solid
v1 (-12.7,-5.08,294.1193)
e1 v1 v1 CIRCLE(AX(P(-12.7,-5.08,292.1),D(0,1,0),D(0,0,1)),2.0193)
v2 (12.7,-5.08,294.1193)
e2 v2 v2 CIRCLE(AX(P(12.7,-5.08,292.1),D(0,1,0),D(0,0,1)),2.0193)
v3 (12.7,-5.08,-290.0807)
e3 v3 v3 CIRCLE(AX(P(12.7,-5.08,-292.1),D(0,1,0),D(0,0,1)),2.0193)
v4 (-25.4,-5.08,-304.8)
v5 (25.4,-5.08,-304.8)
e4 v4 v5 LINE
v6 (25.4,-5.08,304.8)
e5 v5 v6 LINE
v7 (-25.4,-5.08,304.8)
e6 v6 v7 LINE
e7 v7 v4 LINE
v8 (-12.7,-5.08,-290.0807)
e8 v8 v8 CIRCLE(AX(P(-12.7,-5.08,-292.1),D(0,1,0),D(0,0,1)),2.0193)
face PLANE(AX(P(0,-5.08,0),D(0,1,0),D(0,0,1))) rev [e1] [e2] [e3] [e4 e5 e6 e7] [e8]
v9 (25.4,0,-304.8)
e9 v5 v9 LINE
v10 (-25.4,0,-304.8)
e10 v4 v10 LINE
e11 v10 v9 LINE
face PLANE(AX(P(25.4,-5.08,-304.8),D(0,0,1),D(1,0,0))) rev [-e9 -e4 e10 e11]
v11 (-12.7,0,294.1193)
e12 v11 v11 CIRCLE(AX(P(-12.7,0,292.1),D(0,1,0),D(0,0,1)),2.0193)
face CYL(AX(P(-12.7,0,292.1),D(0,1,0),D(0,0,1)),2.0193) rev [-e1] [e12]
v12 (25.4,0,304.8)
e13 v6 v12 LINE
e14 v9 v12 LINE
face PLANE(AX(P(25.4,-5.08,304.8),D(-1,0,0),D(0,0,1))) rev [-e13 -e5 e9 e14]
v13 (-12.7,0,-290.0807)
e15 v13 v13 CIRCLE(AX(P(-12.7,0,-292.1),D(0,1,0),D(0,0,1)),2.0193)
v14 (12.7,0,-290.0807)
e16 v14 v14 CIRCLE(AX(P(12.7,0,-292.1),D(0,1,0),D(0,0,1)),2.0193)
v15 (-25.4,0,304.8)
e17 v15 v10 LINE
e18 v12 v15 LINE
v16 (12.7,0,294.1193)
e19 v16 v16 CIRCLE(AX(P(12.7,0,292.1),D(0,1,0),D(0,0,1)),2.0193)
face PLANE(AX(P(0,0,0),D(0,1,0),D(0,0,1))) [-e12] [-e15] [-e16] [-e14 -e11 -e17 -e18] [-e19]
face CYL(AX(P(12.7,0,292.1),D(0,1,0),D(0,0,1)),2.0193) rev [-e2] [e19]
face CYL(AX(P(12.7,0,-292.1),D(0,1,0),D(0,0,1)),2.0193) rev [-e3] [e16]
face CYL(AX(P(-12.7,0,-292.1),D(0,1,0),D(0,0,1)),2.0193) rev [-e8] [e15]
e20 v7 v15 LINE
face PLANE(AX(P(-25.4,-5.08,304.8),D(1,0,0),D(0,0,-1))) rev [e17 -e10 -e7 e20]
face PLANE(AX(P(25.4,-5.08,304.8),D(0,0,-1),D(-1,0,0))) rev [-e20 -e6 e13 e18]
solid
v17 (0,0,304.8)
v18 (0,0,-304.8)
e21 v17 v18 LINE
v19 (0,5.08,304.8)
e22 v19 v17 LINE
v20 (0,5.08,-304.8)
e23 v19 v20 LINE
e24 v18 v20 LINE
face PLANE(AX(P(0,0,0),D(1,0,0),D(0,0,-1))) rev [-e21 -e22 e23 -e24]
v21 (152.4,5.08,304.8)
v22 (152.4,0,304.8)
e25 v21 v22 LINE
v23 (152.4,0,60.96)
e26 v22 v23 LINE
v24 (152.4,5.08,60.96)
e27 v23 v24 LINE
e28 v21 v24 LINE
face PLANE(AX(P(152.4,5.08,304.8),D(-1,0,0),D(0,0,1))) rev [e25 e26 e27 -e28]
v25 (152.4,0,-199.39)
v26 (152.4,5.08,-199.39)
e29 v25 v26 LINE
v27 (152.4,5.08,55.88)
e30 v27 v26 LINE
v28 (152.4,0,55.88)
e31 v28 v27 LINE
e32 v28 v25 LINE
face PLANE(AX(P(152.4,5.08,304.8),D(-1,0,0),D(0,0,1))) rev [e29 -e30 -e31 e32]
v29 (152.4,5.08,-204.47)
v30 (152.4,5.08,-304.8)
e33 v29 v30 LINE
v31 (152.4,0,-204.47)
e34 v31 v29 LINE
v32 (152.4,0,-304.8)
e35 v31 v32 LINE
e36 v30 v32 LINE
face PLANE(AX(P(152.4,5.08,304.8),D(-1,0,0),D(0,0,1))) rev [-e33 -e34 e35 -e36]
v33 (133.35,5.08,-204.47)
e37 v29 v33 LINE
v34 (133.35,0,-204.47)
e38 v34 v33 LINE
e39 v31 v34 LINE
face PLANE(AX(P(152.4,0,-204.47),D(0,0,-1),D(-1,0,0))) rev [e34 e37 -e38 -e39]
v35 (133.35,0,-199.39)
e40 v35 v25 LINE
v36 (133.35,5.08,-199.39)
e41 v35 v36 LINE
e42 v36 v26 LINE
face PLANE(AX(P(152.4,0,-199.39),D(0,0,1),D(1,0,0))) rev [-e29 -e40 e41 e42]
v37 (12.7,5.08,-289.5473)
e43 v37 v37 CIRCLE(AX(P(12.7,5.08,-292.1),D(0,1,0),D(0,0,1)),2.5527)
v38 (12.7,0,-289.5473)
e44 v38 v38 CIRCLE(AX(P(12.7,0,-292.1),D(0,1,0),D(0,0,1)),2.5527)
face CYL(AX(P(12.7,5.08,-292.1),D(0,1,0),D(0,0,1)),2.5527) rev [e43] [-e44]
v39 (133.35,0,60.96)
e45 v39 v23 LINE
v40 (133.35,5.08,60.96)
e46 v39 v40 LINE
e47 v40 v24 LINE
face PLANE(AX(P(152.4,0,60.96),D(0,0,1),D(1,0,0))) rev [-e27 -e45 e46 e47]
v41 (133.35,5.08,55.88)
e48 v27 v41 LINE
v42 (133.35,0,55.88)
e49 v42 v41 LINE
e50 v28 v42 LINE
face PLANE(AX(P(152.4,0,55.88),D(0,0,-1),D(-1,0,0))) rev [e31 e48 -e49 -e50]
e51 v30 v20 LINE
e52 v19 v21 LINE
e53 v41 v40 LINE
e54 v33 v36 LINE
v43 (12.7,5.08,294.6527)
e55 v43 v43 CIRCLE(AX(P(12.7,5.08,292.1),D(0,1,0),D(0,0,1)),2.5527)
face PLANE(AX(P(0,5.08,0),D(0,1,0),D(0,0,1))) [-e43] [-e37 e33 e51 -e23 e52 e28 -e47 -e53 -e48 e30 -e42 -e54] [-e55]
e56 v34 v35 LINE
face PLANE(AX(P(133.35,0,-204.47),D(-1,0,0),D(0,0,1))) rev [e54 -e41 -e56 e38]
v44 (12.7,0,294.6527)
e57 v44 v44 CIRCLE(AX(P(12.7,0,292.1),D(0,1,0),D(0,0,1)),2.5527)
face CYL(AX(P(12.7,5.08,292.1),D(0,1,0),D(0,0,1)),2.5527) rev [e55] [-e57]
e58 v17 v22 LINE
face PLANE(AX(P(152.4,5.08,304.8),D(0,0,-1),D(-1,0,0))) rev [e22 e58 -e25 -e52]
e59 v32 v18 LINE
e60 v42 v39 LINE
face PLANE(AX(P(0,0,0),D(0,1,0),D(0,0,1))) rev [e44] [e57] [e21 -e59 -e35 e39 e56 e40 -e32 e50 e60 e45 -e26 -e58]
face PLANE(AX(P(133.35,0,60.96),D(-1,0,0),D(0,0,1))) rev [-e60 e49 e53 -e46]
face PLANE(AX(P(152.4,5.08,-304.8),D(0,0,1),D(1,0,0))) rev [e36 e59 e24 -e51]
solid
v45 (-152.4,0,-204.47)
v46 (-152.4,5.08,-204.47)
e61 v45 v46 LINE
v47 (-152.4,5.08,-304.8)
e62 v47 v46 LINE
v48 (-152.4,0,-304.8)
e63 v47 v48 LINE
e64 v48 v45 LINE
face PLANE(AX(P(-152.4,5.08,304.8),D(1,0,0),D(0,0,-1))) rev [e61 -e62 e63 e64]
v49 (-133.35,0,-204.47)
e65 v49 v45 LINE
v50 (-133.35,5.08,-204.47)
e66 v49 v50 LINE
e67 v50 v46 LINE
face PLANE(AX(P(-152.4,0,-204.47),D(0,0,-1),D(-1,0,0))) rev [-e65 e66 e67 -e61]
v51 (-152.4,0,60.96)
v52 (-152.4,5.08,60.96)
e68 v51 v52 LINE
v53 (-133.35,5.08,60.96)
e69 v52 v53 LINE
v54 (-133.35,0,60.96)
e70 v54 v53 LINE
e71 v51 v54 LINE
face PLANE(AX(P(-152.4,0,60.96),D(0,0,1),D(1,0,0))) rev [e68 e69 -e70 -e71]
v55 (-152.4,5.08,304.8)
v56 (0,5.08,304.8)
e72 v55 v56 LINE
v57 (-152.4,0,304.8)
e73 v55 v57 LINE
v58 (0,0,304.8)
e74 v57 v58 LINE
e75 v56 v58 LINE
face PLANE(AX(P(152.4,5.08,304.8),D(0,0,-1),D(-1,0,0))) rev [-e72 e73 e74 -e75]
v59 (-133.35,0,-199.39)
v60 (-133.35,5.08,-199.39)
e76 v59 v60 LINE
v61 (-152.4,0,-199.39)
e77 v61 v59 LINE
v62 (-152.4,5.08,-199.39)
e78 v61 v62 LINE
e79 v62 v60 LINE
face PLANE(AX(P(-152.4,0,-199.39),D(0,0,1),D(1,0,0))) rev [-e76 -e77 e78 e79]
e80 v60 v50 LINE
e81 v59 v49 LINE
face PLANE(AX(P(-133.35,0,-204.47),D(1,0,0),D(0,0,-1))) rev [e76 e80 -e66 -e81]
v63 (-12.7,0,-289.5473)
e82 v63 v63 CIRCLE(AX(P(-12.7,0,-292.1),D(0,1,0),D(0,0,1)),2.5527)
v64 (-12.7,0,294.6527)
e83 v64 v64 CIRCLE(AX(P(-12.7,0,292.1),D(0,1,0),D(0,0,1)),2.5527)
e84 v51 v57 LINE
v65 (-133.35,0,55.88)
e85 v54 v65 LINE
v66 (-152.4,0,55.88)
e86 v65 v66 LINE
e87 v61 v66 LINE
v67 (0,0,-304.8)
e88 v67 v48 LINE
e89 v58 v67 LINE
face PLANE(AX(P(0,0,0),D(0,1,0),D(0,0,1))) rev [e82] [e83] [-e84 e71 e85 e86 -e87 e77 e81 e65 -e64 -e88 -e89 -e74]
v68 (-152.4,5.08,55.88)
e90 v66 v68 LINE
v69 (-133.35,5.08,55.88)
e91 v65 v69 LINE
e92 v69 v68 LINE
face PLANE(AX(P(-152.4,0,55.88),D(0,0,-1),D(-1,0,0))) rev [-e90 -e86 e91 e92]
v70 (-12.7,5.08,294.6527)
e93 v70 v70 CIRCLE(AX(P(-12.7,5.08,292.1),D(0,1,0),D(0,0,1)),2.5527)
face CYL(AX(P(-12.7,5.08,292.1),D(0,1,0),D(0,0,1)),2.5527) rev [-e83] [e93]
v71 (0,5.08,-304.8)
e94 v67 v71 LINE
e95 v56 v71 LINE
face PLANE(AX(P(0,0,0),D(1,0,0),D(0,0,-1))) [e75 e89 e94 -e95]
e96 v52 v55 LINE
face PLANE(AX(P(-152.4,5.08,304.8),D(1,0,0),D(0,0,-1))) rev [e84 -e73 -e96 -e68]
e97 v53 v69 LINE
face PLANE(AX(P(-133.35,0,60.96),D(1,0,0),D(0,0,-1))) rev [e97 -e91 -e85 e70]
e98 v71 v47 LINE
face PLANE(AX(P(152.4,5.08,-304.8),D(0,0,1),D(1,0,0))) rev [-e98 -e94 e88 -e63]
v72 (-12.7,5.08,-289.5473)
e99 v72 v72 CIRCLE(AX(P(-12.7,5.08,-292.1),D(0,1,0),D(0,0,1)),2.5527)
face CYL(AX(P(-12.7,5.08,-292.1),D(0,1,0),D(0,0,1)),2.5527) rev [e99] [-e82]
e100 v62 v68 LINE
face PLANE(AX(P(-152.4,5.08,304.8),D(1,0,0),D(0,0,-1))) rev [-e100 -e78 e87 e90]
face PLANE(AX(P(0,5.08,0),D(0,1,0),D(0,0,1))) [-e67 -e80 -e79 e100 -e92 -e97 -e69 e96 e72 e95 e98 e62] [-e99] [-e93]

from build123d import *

# Parameters (mm, degrees)
SKETCH1_W                       = 304.8
SKETCH1_H                       = 609.6
BOSS_EXTRUDE1_DEPTH             = 5.08
SKETCH2_W                       = 19.05
SKETCH2_H                       = 5.08
CUT_EXTRUDE1_DEPTH              = 6.08
SKETCH6_W                       = 2.5527
SKETCH6_H                       = 5.08
F_10_CLEARANCE_HOLE1_AT_2_COUNT = 2
F_10_CLEARANCE_HOLE1_AT_2_PITCH = 584.751913208
F_10_CLEARANCE_HOLE1_AT_3_COUNT = 2
F_10_CLEARANCE_HOLE1_AT_3_PITCH = 25.4
F_10_CLEARANCE_HOLE1_AT_4_COUNT = 2
F_10_CLEARANCE_HOLE1_AT_4_PITCH = 584.2
SKETCH7_W                       = 50.8
SKETCH7_H                       = 609.6
BOSS_EXTRUDE2_DEPTH             = 5.08
SKETCH9_W                       = 2.0193
SKETCH9_H                       = 5.08
F_10_32_TAPPED_HOLE1_AT_2_COUNT = 2
F_10_32_TAPPED_HOLE1_AT_2_PITCH = 25.4
F_10_32_TAPPED_HOLE1_AT_3_COUNT = 2
F_10_32_TAPPED_HOLE1_AT_3_PITCH = 584.2
F_10_32_TAPPED_HOLE1_AT_4_COUNT = 2
F_10_32_TAPPED_HOLE1_AT_4_PITCH = 584.751913208


with BuildPart() as part:
    # Sketch1 → Boss-Extrude1 (new body)
    with BuildSketch(Plane(origin=(0, 0, 0), x_dir=(1, 0, 0), z_dir=(0, 1, 0))):
        Rectangle(SKETCH1_W, SKETCH1_H)
    extrude(amount=BOSS_EXTRUDE1_DEPTH)

    # Sketch2 → Cut-Extrude1 (cut, through all)
    with BuildSketch(Plane(origin=(0, 5.08, 0), x_dir=(1, 0, 0), z_dir=(0, 1, 0))):
        with Locations((142.875, -58.42)):
            Rectangle(SKETCH2_W, SKETCH2_H)
        with Locations((142.875, 201.93)):
            Rectangle(SKETCH2_W, SKETCH2_H)
        with Locations((-142.875, 201.93)):
            Rectangle(SKETCH2_W, SKETCH2_H)
        with Locations((-142.875, -58.42)):
            Rectangle(SKETCH2_W, SKETCH2_H)
    extrude(amount=-CUT_EXTRUDE1_DEPTH, mode=Mode.SUBTRACT)


with BuildPart() as body_2:
    # Split1: the piece on the far side of the plane
    add(part.part)
    split(bisect_by=Plane(origin=(0, 0, 0), x_dir=(0, 0, 1), z_dir=(1, 0, 0)), keep=Keep.BOTTOM)

    # Sketch6 → #10 Clearance Hole1 (revolve, cut)
    with BuildSketch(Plane(origin=(-12.7, 5.08, -292.1), x_dir=(0, 0, 1), z_dir=(1, 0, 0))):
        with Locations((1.27635, 2.54)):
            Rectangle(SKETCH6_W, SKETCH6_H)
    f_10_clearance_hole1 = revolve(axis=Axis((-12.7, 11.43, -292.1), (0, -1, 0)), mode=Mode.SUBTRACT)

    # #10 Clearance Hole1 at 4: #10 Clearance Hole1 ×2
    with Locations(*[(0, 0, i * F_10_CLEARANCE_HOLE1_AT_4_PITCH) for i in range(1, F_10_CLEARANCE_HOLE1_AT_4_COUNT)]):
        add(f_10_clearance_hole1, mode=Mode.SUBTRACT)


with BuildPart() as part_1:
    add(part.part)

    # Split1
    split(bisect_by=Plane(origin=(0, 0, 0), x_dir=(0, 0, 1), z_dir=(1, 0, 0)), keep=Keep.TOP)

    # #10 Clearance Hole1 at 2: #10 Clearance Hole1 ×2
    with Locations(*[Vector(0.043437224, 0, 0.999056158) * (i * F_10_CLEARANCE_HOLE1_AT_2_PITCH) for i in range(1, F_10_CLEARANCE_HOLE1_AT_2_COUNT)]):
        add(f_10_clearance_hole1, mode=Mode.SUBTRACT)

    # #10 Clearance Hole1 at 3: #10 Clearance Hole1 ×2
    with Locations(*[(i * F_10_CLEARANCE_HOLE1_AT_3_PITCH, 0, 0) for i in range(1, F_10_CLEARANCE_HOLE1_AT_3_COUNT)]):
        add(f_10_clearance_hole1, mode=Mode.SUBTRACT)


with BuildPart() as body_3:
    # Sketch7 → Boss-Extrude2 (new body)
    with BuildSketch(Plane.XZ):
        Rectangle(SKETCH7_W, SKETCH7_H)
    extrude(amount=BOSS_EXTRUDE2_DEPTH)

    # Sketch9 → #10-32 Tapped Hole1 (revolve, cut)
    with BuildSketch(Plane(origin=(-12.7, 0, 292.1), x_dir=(0, 0, 1), z_dir=(1, 0, 0))):
        with Locations((1.00965, 2.54)):
            Rectangle(SKETCH9_W, SKETCH9_H)
    f_10_32_tapped_hole1 = revolve(axis=Axis((-12.7, 6.35, 292.1), (0, -1, 0)), mode=Mode.SUBTRACT)

    # #10-32 Tapped Hole1 at 2: #10-32 Tapped Hole1 ×2
    with Locations(*[(i * F_10_32_TAPPED_HOLE1_AT_2_PITCH, 0, 0) for i in range(1, F_10_32_TAPPED_HOLE1_AT_2_COUNT)]):
        add(f_10_32_tapped_hole1, mode=Mode.SUBTRACT)

    # #10-32 Tapped Hole1 at 3: #10-32 Tapped Hole1 ×2
    with Locations(*[(0, 0, -i * F_10_32_TAPPED_HOLE1_AT_3_PITCH) for i in range(1, F_10_32_TAPPED_HOLE1_AT_3_COUNT)]):
        add(f_10_32_tapped_hole1, mode=Mode.SUBTRACT)

    # #10-32 Tapped Hole1 at 4: #10-32 Tapped Hole1 ×2
    with Locations(*[Vector(0.043437224, 0, -0.999056158) * (i * F_10_32_TAPPED_HOLE1_AT_4_PITCH) for i in range(1, F_10_32_TAPPED_HOLE1_AT_4_COUNT)]):
        add(f_10_32_tapped_hole1, mode=Mode.SUBTRACT)


solid = Compound([body_2.part, part_1.part, body_3.part])
